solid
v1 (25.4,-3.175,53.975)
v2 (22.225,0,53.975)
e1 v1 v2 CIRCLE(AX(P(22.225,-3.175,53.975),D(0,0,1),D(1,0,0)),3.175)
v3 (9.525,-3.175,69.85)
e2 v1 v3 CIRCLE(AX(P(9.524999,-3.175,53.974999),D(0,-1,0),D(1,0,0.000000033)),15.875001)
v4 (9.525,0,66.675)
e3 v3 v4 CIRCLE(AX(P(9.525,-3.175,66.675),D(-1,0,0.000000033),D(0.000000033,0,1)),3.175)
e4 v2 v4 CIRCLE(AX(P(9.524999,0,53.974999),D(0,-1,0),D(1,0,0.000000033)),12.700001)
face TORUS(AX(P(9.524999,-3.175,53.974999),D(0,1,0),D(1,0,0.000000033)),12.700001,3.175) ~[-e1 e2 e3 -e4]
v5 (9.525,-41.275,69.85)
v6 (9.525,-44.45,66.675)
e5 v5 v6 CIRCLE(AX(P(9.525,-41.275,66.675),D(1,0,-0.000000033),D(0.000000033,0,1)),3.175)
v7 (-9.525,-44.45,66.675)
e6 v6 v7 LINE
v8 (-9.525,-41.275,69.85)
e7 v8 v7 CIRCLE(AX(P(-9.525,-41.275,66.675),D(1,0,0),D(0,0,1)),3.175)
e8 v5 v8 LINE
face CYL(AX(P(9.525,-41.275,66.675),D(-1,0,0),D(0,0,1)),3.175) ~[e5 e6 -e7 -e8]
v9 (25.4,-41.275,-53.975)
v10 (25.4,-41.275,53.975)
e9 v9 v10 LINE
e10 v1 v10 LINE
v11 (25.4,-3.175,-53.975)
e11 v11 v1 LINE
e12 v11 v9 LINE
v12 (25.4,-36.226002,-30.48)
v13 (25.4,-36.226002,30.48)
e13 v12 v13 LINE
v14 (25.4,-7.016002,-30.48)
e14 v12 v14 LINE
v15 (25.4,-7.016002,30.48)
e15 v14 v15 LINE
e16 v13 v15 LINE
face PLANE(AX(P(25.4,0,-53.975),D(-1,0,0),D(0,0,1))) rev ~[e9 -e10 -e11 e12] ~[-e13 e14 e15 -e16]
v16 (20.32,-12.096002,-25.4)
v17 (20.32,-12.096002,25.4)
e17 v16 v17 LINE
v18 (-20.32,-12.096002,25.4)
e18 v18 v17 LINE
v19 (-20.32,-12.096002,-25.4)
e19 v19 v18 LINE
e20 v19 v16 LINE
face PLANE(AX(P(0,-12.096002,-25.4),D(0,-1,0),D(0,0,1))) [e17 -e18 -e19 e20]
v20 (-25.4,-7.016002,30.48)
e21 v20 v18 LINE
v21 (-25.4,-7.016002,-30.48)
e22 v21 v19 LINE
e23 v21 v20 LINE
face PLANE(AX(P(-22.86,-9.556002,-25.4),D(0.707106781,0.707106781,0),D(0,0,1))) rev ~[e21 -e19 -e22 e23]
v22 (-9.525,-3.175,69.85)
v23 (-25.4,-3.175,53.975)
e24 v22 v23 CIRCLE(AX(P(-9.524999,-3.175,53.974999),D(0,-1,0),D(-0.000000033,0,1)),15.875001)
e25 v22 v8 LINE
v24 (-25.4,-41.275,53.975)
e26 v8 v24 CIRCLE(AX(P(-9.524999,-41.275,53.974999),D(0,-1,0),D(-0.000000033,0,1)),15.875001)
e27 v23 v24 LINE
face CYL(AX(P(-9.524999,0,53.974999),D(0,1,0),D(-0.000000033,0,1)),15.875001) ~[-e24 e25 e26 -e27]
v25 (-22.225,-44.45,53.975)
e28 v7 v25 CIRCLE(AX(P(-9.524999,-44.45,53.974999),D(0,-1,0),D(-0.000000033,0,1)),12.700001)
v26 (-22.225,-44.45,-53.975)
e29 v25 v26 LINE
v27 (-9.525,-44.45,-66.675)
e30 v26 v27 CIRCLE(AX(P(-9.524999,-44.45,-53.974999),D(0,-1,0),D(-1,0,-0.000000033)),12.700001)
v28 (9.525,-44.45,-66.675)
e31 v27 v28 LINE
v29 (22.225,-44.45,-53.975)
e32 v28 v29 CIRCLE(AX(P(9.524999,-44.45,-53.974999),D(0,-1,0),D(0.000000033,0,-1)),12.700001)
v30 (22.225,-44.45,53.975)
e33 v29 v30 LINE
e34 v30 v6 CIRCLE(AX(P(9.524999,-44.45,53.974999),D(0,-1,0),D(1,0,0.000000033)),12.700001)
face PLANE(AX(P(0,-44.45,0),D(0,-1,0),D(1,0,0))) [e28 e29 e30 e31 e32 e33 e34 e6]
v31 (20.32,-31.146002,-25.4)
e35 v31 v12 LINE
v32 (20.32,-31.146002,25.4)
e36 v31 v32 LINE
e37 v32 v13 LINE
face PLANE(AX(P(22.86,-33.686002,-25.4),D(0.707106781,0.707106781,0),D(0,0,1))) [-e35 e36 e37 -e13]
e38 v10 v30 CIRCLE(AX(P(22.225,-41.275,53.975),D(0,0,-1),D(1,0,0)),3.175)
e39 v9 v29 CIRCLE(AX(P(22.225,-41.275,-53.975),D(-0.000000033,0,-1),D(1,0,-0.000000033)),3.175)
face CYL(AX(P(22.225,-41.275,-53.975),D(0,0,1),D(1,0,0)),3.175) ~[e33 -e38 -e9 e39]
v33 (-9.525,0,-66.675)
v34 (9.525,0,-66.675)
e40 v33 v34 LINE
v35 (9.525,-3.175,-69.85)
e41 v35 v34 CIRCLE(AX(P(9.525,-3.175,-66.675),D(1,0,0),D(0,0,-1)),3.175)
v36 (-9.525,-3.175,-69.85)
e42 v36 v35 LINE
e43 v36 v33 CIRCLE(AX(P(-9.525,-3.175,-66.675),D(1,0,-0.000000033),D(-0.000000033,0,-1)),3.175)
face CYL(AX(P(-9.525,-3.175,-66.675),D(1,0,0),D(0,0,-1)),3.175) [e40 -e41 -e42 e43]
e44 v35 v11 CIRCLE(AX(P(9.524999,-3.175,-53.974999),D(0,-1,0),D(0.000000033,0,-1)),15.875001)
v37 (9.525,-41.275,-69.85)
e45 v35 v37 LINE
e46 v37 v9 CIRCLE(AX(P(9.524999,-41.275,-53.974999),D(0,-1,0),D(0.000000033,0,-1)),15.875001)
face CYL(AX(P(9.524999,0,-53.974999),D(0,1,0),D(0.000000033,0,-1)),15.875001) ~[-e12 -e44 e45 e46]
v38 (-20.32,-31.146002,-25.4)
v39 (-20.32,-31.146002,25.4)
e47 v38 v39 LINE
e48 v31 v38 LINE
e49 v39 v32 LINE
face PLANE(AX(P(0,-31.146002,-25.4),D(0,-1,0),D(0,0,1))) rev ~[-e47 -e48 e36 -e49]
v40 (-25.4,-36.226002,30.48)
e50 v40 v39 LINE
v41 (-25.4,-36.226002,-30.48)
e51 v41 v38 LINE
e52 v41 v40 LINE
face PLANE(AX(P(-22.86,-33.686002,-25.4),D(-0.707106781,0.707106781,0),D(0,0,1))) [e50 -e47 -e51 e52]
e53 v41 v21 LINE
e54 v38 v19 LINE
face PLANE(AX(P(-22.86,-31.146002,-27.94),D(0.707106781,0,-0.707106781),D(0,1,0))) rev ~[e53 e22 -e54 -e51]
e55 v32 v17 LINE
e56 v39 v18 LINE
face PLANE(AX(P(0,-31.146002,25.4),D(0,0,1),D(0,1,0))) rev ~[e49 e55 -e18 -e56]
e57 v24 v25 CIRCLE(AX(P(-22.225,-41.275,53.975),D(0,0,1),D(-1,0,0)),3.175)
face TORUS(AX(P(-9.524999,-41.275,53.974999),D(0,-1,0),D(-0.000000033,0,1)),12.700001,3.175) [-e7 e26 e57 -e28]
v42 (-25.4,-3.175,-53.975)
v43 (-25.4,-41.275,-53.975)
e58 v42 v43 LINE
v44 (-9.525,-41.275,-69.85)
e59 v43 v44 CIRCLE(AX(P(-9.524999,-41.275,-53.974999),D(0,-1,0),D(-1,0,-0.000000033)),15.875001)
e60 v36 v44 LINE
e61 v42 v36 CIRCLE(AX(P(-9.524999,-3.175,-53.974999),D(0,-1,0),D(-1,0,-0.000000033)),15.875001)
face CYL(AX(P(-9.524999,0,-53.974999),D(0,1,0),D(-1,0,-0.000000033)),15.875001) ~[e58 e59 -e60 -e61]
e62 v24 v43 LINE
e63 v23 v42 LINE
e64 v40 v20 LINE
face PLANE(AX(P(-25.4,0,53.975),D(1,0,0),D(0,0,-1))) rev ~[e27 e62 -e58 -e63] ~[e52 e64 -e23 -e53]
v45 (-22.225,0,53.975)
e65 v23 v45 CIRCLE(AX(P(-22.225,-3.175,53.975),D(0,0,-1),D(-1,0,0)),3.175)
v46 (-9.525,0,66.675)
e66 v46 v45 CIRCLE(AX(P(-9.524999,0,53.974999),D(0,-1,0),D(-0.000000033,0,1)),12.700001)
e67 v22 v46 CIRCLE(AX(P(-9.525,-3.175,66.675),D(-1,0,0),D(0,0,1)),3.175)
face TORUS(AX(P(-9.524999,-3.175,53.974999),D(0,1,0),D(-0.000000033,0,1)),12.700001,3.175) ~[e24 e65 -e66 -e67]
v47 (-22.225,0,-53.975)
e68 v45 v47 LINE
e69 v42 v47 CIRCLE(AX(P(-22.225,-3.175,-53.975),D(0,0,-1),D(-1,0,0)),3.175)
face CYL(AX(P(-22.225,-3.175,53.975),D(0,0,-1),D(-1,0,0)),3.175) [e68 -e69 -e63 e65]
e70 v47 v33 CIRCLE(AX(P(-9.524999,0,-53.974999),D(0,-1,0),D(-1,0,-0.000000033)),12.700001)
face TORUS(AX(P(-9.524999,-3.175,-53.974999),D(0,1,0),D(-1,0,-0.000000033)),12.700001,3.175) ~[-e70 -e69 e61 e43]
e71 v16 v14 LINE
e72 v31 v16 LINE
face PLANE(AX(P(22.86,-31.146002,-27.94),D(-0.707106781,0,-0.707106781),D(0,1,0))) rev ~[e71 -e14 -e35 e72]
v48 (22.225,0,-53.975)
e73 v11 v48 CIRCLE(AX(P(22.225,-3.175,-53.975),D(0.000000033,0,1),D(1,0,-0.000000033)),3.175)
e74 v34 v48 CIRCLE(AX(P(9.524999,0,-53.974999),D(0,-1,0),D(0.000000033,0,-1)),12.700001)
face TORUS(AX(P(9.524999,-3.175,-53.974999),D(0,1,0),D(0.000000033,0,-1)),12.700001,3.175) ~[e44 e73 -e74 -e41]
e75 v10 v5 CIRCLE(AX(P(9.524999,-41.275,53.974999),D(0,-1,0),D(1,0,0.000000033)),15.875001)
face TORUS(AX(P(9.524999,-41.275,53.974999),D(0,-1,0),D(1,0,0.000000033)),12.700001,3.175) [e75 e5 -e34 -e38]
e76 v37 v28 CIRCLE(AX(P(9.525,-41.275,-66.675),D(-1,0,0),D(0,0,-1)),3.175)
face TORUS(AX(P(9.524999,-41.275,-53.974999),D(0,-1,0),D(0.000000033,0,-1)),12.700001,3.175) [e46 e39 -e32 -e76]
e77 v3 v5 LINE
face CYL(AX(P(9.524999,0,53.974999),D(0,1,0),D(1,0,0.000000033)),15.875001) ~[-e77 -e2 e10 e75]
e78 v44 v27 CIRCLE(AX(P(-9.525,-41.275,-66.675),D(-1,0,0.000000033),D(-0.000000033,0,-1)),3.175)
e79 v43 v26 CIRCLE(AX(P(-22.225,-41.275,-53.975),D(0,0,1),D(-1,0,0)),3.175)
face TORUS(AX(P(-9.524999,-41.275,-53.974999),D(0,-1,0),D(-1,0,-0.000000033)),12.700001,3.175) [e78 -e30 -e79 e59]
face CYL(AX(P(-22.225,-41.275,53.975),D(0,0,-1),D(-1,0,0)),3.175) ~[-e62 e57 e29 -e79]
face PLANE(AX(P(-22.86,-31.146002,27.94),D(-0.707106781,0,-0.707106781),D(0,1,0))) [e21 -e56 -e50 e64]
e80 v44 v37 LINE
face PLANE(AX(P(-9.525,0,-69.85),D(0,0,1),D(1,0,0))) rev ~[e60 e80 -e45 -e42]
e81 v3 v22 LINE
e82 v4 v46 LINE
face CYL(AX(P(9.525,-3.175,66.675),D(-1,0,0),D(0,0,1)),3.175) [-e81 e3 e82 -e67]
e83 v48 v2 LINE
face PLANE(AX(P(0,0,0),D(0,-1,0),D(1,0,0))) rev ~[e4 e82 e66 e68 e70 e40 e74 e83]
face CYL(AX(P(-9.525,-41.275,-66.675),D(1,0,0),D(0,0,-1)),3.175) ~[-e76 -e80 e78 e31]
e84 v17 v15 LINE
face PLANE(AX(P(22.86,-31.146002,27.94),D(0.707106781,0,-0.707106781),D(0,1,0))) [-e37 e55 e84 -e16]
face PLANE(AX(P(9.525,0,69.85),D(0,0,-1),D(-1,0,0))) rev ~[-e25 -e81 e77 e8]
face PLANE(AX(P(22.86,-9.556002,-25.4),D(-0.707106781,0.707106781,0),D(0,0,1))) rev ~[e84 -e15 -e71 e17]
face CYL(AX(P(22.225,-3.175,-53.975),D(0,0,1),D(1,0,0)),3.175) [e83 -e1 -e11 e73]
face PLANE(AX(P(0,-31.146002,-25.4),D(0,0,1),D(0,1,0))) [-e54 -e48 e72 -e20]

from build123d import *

# Parameters (mm, degrees)
F1_DEPTH = 44.45
F3_R     = 3.175
F2_W     = 19.05
F2_H     = 50.8
F4_DEPTH = 25.401
F5_DEPTH = 25.401
F6_SIZE  = 5.08
F7_SIZE  = 5.08


with BuildPart() as f1:
    # F0 (on Front) → F1 (new body)
    with BuildSketch(Plane.XZ):
        with BuildLine():
            Line((9.525, 69.85), (-9.525, 69.85))
            ThreePointArc((-9.525, 69.85), (-20.75032, 65.20032), (-25.4, 53.975))
            Line((-25.4, 53.975), (-25.4, -53.975))
            ThreePointArc((-25.4, -53.975), (-20.75032, -65.20032), (-9.525, -69.85))
            Line((-9.525, -69.85), (9.525, -69.85))
            ThreePointArc((9.525, -69.85), (20.75032, -65.20032), (25.4, -53.975))
            Line((25.4, -53.975), (25.4, 53.975))
            ThreePointArc((25.4, 53.975), (20.75032, 65.20032), (9.525, 69.85))
        make_face()
    extrude(amount=F1_DEPTH)

    # F3
    f3_edges = [f1.edges().sort_by_distance(p)[0] for p in [
        (-25.4, -44.45, 0),
        (-25.4, -22.225, 53.975),
        (-25.4, -22.225, -53.975),
        (-25.4, 0, 0),
    ]]
    fillet(f3_edges, radius=F3_R)

    # F2 (on Right) → F4 (cut, through all)
    with BuildSketch(Plane.YZ):
        with Locations((-21.621002, 0)):
            Rectangle(F2_W, F2_H)
    extrude(amount=-F4_DEPTH, mode=Mode.SUBTRACT)

    # F2 (on Right) → F5 (cut, through all)
    with BuildSketch(Plane.YZ):
        with Locations((-21.621002, 0)):
            Rectangle(F2_W, F2_H)
    extrude(amount=F5_DEPTH, mode=Mode.SUBTRACT)

    # F6
    f6_edges = [f1.edges().sort_by_distance(p)[0] for p in [
        (-25.4, -21.621002, 25.4),
        (-25.4, -12.096002, 0),
        (-25.4, -31.146002, 0),
        (-25.4, -21.621002, -25.4),
    ]]
    chamfer(f6_edges, length=F6_SIZE)

    # F7
    f7_edges = [f1.edges().sort_by_distance(p)[0] for p in [
        (25.4, -21.621002, 25.4),
        (25.4, -31.146002, 0),
        (25.4, -12.096002, 0),
        (25.4, -21.621002, -25.4),
    ]]
    chamfer(f7_edges, length=F7_SIZE)


solid = f1.part
